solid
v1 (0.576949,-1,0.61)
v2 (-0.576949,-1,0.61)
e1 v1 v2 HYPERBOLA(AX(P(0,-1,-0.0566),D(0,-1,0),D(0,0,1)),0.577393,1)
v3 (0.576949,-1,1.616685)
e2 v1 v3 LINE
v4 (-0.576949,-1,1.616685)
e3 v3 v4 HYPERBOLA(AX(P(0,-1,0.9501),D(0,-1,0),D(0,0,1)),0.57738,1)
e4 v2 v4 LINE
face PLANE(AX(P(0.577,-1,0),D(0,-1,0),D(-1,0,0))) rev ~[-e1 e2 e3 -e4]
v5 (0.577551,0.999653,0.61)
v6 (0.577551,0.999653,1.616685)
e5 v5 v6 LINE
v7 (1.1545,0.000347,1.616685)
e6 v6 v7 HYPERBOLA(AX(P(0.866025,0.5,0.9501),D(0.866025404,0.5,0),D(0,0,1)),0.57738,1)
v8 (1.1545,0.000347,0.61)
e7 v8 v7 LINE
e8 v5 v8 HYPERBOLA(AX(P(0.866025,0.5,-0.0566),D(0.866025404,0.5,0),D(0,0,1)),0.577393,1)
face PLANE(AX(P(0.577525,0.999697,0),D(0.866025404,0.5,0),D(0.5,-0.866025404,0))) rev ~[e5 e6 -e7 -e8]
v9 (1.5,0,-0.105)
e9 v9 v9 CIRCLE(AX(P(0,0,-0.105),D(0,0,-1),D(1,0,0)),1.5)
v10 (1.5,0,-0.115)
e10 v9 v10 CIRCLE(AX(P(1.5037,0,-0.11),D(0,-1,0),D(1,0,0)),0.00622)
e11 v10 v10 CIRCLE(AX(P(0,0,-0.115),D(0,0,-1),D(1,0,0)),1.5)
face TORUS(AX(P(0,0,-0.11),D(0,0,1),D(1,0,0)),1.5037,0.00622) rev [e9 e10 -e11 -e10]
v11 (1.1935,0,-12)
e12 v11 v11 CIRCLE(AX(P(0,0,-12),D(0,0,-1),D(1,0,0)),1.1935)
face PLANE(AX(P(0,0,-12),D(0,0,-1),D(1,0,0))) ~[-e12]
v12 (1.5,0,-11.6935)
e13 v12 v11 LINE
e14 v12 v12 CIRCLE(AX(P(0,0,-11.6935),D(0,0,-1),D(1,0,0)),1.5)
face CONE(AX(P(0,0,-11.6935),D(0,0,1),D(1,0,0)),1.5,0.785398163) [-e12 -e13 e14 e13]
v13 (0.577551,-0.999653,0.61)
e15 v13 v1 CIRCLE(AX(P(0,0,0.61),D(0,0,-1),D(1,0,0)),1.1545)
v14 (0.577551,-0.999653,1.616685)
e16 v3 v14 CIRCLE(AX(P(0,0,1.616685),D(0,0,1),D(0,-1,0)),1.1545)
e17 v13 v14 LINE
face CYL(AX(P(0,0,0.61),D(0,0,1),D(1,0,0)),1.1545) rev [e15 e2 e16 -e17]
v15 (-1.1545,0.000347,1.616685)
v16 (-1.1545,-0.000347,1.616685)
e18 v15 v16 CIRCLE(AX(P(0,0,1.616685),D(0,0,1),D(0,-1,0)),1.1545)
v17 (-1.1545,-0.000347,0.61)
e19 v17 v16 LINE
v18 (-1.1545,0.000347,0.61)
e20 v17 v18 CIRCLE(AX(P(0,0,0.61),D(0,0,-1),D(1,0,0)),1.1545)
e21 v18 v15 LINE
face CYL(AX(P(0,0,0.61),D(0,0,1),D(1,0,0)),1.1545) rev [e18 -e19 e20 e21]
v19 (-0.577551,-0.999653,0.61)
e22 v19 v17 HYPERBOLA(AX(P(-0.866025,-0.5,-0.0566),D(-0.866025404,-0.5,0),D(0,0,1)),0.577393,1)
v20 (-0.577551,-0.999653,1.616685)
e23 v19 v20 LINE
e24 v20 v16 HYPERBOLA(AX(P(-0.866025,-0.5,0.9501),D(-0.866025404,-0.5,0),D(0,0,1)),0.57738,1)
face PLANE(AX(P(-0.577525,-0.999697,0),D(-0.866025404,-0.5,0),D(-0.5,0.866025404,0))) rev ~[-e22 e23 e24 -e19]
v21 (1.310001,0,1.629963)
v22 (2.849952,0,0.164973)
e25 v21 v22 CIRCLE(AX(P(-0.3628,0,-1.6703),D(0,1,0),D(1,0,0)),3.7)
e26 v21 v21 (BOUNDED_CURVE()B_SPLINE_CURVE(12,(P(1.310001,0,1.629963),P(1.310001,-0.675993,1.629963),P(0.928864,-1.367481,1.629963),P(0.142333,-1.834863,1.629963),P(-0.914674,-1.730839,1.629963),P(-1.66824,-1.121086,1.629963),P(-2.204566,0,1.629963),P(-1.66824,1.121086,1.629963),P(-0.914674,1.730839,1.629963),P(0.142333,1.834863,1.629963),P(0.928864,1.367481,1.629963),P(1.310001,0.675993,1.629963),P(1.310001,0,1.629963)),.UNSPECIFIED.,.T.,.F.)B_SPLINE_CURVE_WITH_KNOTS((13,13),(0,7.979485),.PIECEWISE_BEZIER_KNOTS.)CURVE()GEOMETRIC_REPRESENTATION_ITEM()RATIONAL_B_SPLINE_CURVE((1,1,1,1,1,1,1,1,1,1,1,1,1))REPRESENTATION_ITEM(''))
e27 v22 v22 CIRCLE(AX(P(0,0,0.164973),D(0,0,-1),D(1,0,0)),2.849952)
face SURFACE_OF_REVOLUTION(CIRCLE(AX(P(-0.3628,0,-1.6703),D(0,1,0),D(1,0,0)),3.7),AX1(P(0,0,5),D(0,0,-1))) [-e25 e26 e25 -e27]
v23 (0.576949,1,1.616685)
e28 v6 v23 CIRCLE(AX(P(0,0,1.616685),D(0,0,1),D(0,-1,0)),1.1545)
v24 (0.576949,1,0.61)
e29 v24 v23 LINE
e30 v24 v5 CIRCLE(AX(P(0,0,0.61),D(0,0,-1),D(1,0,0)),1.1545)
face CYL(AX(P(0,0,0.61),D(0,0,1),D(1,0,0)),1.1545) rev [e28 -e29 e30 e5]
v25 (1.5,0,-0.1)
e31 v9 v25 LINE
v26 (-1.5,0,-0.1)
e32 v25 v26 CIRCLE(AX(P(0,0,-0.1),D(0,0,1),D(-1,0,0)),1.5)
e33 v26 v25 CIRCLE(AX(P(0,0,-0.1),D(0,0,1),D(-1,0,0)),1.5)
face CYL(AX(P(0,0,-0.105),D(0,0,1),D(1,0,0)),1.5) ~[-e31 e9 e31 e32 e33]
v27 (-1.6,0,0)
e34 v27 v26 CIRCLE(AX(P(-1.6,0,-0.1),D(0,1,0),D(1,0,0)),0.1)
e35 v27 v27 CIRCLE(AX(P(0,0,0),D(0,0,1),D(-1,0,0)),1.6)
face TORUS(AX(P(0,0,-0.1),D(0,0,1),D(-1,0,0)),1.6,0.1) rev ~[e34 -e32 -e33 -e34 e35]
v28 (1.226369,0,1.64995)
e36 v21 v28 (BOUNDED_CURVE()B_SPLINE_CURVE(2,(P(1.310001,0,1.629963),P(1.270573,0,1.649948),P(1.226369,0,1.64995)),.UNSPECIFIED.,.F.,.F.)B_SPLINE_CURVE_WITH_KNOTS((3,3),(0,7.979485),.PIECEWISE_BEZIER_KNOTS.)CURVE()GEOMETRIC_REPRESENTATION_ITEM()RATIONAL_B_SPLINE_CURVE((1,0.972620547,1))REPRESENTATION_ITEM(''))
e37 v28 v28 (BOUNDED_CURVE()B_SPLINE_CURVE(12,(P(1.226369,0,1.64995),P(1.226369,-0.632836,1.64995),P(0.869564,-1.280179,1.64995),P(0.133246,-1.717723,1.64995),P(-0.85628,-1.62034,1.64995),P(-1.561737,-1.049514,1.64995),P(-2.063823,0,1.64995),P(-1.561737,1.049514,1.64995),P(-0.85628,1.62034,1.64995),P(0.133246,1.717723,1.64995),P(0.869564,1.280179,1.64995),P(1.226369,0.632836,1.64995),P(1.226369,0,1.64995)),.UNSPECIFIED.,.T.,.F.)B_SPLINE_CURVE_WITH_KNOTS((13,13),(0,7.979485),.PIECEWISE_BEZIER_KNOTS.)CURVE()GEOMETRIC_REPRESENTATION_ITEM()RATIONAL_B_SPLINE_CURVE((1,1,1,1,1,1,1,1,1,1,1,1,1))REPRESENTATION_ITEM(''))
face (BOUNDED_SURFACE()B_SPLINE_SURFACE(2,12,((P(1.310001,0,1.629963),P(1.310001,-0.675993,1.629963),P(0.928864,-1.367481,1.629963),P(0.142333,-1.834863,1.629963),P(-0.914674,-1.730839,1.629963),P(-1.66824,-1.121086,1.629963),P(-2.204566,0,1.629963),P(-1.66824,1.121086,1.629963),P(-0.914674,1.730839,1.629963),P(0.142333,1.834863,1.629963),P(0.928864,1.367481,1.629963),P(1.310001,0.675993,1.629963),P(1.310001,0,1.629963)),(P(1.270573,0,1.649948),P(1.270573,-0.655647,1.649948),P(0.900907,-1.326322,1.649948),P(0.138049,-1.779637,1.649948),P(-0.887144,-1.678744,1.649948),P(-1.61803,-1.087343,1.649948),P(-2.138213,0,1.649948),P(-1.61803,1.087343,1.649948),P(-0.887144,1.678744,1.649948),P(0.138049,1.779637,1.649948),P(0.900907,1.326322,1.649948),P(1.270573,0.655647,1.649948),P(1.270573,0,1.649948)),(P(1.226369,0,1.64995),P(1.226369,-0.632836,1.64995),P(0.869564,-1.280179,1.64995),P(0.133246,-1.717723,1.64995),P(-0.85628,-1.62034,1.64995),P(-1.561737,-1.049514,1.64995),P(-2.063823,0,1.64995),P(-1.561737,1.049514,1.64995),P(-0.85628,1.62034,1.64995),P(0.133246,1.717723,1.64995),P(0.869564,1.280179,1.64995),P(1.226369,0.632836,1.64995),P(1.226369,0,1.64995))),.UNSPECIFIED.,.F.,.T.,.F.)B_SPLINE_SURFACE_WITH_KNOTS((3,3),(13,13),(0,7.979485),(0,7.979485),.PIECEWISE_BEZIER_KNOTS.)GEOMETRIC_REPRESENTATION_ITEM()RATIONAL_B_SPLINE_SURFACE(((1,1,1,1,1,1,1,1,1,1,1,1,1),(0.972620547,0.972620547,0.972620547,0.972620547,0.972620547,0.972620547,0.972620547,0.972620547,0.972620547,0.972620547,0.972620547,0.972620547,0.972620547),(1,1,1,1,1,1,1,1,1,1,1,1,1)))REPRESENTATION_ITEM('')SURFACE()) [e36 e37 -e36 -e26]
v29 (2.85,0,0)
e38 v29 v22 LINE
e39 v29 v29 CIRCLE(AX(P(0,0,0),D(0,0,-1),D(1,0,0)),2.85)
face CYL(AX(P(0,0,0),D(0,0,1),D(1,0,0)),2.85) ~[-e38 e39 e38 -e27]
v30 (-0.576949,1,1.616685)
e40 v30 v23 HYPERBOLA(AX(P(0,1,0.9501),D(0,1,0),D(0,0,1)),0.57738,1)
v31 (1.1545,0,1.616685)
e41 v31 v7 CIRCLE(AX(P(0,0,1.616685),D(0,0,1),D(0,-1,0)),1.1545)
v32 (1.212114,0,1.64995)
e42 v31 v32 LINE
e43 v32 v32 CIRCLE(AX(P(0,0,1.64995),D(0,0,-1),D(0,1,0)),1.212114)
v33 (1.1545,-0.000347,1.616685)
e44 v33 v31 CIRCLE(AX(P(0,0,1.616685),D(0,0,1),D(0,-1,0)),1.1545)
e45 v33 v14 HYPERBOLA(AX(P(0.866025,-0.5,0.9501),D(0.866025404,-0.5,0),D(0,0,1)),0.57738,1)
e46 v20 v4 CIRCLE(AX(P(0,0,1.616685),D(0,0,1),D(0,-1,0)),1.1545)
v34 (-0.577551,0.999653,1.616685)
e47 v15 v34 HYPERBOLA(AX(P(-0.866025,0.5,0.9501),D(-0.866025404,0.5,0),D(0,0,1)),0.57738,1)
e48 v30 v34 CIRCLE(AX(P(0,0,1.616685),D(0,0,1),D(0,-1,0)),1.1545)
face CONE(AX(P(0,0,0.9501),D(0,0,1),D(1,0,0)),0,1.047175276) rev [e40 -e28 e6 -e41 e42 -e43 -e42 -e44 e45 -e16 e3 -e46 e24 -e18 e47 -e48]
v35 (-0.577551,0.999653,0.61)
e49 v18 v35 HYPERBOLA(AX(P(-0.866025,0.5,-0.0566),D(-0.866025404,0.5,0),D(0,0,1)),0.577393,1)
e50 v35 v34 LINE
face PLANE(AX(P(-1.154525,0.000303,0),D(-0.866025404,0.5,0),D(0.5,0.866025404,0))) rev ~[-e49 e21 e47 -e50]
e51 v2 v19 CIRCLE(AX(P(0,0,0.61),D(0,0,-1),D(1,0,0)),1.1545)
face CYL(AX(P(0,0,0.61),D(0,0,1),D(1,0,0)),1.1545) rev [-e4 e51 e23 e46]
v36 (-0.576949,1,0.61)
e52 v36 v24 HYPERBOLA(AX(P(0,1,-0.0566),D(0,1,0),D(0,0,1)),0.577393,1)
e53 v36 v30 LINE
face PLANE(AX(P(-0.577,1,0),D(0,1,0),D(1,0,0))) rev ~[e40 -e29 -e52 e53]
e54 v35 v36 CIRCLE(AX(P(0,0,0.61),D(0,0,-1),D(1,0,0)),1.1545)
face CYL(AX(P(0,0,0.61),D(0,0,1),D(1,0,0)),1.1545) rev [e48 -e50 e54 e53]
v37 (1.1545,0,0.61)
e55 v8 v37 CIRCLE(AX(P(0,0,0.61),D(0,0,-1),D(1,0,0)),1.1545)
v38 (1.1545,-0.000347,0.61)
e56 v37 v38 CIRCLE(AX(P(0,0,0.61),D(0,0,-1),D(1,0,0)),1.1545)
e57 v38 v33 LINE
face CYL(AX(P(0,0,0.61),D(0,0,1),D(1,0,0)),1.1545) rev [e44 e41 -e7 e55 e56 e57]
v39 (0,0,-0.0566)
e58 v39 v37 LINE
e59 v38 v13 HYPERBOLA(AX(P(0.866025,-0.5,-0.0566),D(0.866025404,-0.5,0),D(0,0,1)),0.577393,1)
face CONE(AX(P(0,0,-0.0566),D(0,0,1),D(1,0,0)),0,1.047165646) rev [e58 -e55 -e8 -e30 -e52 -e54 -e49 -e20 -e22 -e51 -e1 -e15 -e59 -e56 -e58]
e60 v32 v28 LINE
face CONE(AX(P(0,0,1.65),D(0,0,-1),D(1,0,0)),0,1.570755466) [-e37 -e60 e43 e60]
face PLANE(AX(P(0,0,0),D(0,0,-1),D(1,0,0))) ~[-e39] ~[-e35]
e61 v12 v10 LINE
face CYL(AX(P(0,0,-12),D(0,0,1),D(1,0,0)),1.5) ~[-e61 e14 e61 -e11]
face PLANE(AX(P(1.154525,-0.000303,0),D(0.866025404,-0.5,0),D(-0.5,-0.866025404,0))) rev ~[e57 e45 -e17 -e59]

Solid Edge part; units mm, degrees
sketch "Sketch1" plane through (0, 0, 0) normal (0, -1, 0) x (1, 0, 0)
  line L0 (0, -12) -> (1.5, -12)
  line L1 (1.5, -12) -> (1.5, -0.115)
  arc A0 (1.5, -0.105) -> (1.5, -0.115) centre (1.5037, -0.11) ccw
  line L2 (1.5, -0.105) -> (1.5, 0)
  line L3 (1.5, 0) -> (2.85, 0)
  line L4 (2.85, 0) -> (2.85, 0.165)
  arc A1 (1.27, 1.65) -> (2.85, 0.165) centre (-0.3628, -1.6703) cw
  line L5 (0, 1.65) -> (1.27, 1.65)
  dimension "D1" = 11.885
  dimension "D2" = 1.5
  dimension "D3" = 1.27
  dimension "D4" = 2.85
  dimension "D5" = 0.165
  dimension "D6" = 1.65
  dimension "D7" = 3.7
  dimension "D8" = 12
  dimension "D9" = 0.01
  dimension "D10" = 0.0025
revolve "RevolvedProtrusion1" add sketch "Sketch1" angle 360 about axis through (0, 0, 5) along (0, 0, -1)
sketch "Sketch2" plane through (0, 0, 0) normal (0, -1, 0) x (1, 0, 0)
  line L0 (0, -0.0566) -> (1.1545, 0.61)
  line L1 (1.1545, 0.61) -> (1.1545, 1.65)
  line L2 (1.1545, 1.65) -> (0, 1.65)
  dimension "D1" = 1.1545
  dimension "D2" = 1.04
revolve "RevolvedCutout1" cut sketch "Sketch2" angle 360 about axis through (0, 0, 5.3) along (0, 0, -1)
sketch "Sketch3" plane through (0, 0, 0) normal (0, 0, -1) x (0, 1, 0)
  arc A0 (-1, 0.577) -> (-1, -0.577) centre (0, 0) ccw
  line L0 (-1, 0.577) -> (-1, -0.577)
  dimension "D1" = 1
extrude "Protrusion1" add sketch "Sketch3" against normal blind 1.65
pattern_circular "Pattern1" count 6 over 360 about axis through (0, 0, 0) along (0, 0, -1) of "Protrusion1"
fillet "Round_1" radius 0.185 1 edges at (-1.27, 0, 1.65)
sketch "Sketch4" plane through (0, 0, 0) normal (0, -1, 0) x (1, 0, 0)
  line L0 (0, 0.9501) -> (1.2122, 1.65)
  line L1 (1.2122, 1.65) -> (0, 1.65)
  dimension "D1" = 1.2122
revolve "RevolvedCutout2" cut sketch "Sketch4" angle 360 about axis through (0, 0, 5.3) along (0, 0, -1)
sketch "Sketch5" plane through (0, 0, 0) normal (0, -1, 0) x (1, 0, 0)
  line L0 (-1.5, 0) -> (-1.5, -0.1)
  line L1 (-1.6, 0) -> (-1.5, 0)
  arc A0 (-1.6, 0) -> (-1.5, -0.1) centre (-1.6, -0.1) cw
  dimension "D1" = 1.5
  dimension "D2" = 0.1
revolve "RevolvedProtrusion2" add sketch "Sketch5" angle 360 about axis through (0, 0, -0.5) along (0, 0, 1)
cosmetic_thread "Thread1" size "M3"
chamfer "Chamfer1" distance 0.3065 angle 45 1 edges at (-1.5, 0, -12)
properties material "Stahl"
